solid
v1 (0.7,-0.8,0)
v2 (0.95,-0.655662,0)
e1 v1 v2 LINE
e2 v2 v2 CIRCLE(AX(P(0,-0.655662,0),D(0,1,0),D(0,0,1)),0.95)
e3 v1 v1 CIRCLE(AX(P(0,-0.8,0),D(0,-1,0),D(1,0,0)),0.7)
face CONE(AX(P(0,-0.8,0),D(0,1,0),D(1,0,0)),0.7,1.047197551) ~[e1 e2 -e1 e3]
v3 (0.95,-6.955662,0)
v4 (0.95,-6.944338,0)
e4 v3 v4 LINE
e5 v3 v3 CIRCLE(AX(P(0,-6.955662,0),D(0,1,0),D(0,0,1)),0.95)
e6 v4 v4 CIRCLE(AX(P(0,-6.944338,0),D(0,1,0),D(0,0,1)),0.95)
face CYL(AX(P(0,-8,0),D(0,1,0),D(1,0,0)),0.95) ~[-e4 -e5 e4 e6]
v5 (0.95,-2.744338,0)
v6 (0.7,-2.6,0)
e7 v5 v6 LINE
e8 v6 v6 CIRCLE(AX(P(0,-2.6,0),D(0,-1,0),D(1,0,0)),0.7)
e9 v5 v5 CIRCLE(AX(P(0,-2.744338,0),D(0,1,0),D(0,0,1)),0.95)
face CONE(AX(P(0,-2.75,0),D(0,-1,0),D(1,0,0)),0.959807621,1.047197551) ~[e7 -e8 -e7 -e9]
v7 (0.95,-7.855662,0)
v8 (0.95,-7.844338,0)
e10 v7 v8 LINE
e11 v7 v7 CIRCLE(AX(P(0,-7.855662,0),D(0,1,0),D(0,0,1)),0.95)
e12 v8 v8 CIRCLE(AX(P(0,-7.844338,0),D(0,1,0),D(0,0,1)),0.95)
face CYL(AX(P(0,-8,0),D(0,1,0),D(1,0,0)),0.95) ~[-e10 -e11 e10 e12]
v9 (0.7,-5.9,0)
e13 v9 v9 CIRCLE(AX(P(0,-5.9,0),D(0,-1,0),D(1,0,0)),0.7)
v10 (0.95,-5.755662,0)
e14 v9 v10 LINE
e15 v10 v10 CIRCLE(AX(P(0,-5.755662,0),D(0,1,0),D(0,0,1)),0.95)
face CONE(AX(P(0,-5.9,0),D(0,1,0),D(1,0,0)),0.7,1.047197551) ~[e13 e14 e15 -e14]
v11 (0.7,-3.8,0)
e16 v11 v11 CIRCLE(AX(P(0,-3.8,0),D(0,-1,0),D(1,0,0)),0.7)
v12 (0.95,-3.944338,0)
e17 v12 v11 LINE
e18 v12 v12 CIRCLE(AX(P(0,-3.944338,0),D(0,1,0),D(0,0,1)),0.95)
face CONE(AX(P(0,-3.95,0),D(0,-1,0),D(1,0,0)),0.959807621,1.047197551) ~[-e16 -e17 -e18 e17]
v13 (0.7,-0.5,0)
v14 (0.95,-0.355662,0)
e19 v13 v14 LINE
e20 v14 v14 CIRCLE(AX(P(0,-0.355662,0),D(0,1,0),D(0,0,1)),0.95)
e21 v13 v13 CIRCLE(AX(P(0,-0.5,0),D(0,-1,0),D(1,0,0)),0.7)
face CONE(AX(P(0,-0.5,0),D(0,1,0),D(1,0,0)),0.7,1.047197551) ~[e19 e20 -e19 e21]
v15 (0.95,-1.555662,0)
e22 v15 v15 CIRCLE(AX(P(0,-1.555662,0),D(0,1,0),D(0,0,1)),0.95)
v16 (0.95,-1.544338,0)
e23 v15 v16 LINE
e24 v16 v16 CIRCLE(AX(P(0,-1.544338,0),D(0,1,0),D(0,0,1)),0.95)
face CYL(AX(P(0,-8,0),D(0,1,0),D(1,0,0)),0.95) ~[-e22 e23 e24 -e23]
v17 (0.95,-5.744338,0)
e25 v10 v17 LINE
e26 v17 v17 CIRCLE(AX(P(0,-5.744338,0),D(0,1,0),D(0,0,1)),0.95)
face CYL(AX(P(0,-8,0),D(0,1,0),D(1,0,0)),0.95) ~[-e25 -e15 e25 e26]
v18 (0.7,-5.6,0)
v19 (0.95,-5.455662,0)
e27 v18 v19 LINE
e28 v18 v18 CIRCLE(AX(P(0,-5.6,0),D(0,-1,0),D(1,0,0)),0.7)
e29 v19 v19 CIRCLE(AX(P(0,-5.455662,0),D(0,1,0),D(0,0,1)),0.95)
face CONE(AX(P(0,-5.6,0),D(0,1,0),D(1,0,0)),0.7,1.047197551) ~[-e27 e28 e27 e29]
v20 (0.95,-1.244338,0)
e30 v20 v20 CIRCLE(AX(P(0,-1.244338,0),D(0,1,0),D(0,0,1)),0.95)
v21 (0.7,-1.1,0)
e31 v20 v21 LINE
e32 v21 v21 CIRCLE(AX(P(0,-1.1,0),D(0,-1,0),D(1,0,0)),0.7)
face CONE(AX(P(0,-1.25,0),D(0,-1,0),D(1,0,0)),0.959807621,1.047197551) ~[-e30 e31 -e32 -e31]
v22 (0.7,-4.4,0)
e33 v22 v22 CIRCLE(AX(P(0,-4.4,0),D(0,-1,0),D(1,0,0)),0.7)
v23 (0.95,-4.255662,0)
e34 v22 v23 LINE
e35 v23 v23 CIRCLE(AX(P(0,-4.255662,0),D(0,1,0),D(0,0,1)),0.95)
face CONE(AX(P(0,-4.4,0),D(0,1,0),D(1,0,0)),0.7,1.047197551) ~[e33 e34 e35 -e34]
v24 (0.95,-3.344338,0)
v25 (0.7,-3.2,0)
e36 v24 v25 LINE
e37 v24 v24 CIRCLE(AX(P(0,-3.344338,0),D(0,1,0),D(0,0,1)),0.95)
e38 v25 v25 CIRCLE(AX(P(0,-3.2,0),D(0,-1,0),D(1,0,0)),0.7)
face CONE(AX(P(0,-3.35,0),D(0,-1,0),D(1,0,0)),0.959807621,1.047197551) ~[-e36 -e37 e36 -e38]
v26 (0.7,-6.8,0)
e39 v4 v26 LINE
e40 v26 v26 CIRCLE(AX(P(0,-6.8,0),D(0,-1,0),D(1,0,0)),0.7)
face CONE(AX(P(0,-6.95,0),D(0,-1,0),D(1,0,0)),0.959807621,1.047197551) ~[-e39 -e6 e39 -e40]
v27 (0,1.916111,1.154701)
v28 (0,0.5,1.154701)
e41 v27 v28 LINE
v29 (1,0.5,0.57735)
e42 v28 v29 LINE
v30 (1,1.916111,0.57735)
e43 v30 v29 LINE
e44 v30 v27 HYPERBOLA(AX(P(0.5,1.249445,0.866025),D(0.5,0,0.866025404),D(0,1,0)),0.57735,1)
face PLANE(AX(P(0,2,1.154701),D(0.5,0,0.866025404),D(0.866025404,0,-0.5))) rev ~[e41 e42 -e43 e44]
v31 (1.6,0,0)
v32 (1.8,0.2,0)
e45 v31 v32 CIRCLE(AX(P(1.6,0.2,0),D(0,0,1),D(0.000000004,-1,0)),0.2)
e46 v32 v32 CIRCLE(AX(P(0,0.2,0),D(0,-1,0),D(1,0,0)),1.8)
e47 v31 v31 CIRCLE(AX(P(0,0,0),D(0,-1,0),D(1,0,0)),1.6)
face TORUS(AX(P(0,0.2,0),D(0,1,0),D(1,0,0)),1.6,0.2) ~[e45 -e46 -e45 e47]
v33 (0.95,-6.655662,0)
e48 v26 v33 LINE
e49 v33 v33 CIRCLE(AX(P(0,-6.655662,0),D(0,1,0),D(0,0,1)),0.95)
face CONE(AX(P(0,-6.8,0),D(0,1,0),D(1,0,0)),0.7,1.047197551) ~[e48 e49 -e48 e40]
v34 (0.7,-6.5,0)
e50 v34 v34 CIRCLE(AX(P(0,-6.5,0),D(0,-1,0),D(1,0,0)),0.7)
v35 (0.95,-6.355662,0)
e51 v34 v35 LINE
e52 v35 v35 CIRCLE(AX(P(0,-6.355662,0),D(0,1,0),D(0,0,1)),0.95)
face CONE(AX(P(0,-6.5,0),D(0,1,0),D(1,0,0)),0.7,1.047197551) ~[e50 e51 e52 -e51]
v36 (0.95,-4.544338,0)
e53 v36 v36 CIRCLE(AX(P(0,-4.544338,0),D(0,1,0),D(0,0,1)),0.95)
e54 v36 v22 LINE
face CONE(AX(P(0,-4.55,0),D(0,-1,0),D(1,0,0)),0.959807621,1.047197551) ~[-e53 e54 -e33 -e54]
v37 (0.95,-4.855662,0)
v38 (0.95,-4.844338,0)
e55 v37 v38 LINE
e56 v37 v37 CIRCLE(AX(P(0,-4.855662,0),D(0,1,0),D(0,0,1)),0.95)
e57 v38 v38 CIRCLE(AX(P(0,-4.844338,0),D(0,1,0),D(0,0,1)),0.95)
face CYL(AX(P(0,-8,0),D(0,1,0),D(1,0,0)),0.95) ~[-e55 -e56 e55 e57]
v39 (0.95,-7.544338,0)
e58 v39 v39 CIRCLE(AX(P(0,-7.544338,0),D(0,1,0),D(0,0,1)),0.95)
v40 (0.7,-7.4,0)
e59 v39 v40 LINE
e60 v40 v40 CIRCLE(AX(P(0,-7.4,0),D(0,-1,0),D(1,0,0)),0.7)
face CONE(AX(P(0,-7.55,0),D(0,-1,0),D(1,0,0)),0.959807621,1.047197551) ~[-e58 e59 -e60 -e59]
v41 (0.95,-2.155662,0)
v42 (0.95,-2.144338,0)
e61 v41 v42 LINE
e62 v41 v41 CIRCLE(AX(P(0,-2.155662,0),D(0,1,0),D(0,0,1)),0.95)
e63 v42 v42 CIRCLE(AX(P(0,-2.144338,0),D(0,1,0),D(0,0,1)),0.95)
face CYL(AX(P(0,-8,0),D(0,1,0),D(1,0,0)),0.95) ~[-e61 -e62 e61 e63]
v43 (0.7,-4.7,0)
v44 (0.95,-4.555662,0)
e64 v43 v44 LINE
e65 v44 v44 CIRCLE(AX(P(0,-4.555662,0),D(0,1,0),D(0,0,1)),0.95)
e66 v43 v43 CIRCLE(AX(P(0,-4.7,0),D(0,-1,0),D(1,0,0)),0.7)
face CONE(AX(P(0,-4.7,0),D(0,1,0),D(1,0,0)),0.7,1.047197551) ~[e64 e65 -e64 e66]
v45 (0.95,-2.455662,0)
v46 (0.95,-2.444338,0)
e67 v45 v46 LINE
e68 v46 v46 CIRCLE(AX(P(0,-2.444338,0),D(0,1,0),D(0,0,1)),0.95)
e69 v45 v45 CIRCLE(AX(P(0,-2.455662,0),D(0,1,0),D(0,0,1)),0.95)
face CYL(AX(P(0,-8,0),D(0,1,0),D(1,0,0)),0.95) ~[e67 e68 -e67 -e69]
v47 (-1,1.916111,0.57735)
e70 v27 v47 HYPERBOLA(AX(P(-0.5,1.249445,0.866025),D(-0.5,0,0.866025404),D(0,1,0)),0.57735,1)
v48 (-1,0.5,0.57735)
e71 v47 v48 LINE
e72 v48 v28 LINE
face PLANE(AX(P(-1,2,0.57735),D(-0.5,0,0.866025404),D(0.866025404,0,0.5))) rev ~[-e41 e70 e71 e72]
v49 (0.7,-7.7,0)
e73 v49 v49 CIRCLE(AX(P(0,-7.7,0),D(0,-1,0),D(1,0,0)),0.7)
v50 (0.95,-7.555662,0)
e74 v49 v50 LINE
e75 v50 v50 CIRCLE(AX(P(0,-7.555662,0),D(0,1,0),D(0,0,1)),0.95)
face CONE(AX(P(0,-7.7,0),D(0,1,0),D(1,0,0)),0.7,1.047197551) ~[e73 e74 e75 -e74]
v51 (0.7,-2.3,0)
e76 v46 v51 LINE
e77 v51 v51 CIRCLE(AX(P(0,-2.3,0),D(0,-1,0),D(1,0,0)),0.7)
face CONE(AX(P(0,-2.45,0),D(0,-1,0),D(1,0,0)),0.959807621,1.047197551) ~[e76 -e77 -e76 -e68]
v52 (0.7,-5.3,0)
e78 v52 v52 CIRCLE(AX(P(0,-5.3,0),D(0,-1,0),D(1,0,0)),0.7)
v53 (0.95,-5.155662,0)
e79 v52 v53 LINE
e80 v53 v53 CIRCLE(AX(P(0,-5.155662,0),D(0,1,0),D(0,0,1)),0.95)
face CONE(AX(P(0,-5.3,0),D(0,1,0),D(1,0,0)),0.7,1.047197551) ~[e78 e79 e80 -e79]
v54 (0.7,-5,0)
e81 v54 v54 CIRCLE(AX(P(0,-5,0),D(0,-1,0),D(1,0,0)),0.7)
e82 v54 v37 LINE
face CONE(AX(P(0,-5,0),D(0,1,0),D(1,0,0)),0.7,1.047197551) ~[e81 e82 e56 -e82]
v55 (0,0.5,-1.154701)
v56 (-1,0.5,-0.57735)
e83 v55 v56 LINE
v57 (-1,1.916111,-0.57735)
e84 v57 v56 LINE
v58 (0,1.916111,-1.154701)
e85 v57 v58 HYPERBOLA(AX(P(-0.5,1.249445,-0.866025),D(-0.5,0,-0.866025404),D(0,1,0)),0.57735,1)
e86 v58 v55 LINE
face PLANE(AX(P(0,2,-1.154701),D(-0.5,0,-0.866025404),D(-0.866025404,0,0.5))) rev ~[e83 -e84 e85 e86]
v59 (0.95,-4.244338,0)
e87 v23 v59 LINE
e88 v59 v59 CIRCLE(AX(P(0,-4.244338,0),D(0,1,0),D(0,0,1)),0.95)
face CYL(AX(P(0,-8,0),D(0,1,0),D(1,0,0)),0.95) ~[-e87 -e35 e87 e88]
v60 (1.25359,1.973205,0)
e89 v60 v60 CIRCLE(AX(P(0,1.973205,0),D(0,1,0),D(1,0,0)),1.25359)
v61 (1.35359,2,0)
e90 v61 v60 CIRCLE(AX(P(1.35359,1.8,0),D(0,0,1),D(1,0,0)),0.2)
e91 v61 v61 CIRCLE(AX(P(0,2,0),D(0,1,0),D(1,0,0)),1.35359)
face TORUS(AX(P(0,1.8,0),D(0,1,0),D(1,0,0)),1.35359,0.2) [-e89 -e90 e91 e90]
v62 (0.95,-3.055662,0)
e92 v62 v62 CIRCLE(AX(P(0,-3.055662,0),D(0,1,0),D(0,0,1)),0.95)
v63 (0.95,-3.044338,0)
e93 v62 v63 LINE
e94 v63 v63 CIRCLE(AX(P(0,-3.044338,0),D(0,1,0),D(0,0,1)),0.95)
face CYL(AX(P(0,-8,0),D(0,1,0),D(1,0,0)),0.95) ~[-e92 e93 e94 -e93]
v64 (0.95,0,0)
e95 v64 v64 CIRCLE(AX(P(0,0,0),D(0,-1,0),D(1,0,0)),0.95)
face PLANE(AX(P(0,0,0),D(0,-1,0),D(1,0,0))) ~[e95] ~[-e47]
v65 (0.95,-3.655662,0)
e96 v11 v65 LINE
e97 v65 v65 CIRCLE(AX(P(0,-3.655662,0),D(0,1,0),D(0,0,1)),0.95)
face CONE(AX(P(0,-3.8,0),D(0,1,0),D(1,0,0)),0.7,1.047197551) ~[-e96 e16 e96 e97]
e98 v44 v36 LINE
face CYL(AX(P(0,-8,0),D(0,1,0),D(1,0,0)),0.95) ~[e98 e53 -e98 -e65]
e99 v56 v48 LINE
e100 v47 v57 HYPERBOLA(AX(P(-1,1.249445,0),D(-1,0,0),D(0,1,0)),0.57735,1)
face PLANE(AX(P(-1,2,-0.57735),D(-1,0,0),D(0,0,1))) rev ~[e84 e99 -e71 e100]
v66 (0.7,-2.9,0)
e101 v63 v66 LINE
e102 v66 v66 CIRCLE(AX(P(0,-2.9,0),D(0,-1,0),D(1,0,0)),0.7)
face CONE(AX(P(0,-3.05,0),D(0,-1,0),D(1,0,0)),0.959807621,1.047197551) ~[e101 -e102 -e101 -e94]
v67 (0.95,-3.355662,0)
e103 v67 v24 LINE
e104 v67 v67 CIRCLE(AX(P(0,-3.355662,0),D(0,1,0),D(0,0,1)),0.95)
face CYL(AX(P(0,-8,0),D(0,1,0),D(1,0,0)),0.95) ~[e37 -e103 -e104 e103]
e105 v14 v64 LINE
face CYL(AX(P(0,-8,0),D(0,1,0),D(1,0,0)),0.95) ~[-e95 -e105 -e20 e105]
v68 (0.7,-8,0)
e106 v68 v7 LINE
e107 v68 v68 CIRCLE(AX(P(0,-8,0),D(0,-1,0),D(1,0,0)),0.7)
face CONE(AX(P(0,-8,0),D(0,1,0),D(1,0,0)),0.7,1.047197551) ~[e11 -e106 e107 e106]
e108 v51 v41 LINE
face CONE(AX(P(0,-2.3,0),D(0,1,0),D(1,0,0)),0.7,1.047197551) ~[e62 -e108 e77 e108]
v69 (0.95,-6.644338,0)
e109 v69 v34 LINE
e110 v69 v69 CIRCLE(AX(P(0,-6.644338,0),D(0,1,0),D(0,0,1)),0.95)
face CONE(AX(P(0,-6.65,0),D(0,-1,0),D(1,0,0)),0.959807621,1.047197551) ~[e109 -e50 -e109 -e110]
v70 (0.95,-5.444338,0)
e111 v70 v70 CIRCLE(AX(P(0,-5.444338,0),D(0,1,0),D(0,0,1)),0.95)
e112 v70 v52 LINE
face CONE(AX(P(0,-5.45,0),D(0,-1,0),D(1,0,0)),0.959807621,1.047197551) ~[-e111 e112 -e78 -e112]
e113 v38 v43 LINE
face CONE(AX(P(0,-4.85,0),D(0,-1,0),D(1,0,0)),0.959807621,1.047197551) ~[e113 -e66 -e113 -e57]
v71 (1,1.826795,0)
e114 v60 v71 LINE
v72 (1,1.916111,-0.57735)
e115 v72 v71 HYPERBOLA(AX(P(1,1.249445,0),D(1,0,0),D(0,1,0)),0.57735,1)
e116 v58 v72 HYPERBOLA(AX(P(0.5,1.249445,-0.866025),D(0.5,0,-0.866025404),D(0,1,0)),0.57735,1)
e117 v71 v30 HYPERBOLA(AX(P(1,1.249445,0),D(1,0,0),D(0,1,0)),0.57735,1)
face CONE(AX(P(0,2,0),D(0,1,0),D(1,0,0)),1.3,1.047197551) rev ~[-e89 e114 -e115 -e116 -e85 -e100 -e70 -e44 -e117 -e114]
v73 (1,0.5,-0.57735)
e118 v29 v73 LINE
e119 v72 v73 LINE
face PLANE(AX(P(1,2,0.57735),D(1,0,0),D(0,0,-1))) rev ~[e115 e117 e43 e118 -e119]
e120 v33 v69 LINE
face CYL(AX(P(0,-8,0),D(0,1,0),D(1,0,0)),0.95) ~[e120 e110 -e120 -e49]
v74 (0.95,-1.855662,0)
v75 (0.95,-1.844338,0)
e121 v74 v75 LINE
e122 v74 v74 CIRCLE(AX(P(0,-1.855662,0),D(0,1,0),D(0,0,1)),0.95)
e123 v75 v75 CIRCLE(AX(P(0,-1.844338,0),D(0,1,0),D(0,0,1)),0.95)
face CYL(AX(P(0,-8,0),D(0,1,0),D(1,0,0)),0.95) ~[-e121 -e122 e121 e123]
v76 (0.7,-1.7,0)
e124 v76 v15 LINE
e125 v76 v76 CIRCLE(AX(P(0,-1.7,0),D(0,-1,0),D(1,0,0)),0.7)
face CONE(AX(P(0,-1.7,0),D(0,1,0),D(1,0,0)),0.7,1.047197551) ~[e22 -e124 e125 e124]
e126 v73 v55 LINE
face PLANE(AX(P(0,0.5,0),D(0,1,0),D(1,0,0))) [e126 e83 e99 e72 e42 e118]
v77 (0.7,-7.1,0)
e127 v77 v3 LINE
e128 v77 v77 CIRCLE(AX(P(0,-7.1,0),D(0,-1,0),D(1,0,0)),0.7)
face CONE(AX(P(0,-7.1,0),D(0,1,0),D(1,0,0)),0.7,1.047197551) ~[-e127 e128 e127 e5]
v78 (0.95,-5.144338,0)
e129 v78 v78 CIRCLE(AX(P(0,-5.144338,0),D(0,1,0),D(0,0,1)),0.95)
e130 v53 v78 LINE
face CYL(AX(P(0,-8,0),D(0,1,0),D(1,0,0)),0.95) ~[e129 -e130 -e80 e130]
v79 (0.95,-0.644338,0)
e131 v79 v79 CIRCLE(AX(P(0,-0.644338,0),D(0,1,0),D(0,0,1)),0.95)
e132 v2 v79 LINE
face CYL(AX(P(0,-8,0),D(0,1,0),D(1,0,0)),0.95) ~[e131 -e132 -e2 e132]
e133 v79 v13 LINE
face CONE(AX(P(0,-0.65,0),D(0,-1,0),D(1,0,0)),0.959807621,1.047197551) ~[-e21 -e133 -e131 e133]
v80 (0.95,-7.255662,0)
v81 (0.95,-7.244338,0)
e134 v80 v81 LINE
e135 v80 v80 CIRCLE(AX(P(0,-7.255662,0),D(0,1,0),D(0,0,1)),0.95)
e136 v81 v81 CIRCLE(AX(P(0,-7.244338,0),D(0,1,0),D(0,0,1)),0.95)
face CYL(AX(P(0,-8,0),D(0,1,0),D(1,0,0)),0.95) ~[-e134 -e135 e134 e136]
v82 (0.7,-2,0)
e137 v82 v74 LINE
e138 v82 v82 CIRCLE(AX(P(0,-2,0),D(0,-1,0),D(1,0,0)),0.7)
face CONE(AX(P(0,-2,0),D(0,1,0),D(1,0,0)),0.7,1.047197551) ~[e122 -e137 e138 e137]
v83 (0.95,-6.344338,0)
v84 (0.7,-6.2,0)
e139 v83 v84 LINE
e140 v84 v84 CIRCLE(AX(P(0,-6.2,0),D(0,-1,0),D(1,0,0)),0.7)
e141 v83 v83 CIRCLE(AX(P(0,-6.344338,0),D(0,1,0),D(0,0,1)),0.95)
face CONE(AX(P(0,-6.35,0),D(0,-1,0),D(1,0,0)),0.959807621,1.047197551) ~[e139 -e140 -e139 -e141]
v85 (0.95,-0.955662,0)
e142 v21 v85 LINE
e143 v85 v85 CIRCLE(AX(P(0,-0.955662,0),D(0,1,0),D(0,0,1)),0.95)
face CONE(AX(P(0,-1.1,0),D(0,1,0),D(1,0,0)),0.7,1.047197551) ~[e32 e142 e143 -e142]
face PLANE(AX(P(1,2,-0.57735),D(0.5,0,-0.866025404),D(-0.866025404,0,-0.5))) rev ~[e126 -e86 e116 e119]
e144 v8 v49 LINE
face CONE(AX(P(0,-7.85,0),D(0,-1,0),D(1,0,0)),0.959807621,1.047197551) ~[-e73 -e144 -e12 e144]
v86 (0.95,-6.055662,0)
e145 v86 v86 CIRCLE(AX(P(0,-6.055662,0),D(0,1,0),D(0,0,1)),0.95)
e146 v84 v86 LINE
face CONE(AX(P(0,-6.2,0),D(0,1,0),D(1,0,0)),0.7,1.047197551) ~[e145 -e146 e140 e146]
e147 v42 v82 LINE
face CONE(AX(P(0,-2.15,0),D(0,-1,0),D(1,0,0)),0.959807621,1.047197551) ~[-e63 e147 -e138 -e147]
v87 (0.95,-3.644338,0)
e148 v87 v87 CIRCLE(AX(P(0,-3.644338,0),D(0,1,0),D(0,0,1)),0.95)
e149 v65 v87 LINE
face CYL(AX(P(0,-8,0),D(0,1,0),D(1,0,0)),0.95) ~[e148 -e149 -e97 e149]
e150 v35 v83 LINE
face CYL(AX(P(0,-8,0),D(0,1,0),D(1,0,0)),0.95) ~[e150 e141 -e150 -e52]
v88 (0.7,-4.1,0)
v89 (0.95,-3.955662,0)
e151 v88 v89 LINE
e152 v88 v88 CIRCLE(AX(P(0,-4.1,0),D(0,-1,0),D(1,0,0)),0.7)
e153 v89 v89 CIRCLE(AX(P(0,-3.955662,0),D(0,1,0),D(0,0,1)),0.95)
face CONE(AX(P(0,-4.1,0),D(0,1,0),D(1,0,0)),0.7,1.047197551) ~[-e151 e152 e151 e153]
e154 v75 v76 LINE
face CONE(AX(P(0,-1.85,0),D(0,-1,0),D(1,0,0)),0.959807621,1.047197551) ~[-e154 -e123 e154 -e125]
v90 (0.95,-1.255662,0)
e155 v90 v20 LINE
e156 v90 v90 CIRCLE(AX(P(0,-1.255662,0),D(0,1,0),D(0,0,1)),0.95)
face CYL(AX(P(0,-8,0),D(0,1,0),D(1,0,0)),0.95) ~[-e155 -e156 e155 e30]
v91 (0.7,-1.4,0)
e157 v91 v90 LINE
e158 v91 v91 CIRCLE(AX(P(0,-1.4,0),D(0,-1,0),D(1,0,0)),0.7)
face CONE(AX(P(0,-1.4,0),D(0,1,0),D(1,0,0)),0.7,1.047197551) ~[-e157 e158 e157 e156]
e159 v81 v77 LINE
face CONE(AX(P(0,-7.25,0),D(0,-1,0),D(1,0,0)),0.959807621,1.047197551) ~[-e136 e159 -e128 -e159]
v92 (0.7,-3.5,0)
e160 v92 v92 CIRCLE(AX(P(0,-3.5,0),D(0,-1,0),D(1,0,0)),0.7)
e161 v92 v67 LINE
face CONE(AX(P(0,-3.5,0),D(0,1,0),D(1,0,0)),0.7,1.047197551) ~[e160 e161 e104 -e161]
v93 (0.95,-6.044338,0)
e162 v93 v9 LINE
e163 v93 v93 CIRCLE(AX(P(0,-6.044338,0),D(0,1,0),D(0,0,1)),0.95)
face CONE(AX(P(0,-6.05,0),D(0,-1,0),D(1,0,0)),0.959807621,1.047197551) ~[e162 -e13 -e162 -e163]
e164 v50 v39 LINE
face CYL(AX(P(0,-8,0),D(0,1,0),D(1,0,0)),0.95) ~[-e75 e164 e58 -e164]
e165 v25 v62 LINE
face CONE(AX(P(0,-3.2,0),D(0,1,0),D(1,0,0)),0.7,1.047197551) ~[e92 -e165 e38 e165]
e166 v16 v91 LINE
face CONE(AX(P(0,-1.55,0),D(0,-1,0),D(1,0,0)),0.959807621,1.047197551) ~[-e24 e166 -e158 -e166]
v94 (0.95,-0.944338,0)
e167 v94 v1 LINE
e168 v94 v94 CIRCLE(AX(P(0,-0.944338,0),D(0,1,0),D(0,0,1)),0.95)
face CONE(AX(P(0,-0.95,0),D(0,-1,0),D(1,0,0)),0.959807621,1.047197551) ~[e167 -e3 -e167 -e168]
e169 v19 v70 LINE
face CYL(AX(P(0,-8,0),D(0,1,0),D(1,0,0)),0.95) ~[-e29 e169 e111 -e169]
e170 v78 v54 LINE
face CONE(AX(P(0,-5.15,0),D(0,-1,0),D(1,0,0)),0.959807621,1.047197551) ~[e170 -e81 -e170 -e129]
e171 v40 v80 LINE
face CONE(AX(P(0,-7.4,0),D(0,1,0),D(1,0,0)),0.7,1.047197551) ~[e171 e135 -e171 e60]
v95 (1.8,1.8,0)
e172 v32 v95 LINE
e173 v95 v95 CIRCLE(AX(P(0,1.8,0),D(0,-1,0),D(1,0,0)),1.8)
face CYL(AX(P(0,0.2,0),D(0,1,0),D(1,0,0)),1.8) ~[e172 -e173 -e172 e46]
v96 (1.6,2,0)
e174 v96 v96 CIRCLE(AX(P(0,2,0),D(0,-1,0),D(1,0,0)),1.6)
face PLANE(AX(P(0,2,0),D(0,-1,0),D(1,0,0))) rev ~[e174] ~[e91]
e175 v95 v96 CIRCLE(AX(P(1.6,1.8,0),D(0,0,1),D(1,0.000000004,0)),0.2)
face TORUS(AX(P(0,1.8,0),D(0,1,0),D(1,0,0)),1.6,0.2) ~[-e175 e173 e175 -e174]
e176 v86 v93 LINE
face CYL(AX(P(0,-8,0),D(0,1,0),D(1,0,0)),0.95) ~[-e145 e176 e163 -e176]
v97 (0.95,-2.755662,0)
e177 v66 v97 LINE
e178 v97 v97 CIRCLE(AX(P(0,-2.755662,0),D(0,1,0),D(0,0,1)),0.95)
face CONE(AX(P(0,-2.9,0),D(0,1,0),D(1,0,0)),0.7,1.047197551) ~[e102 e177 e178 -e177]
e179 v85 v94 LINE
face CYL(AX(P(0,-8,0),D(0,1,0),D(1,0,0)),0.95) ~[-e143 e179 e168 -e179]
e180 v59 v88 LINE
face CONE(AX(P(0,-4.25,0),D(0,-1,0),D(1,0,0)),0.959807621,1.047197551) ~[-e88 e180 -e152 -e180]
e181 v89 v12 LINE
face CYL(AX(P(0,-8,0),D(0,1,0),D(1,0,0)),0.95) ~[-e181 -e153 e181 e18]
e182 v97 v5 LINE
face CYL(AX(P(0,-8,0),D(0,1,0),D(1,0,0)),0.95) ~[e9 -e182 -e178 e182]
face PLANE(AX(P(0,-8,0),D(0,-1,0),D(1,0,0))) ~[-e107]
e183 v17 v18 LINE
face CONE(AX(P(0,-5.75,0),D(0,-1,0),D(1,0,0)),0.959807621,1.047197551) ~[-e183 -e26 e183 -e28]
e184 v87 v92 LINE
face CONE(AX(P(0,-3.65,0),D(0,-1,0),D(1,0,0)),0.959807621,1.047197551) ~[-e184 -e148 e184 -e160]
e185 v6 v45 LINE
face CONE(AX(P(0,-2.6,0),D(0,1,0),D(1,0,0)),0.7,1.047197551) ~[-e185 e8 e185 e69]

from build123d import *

# Parameters (mm, degrees)
CUT_EXTRUDE1_DEPTH = 1.5
SKETCH3_R          = 1.3
CUT_EXTRUDE2_DEPTH = 1
CUT_EXTRUDE2_DRAFT = -60
FILLET1_R          = 0.2
LPATTERN1_COUNT    = 26
LPATTERN1_PITCH    = 0.3


with BuildPart() as part:
    # Sketch1 → Revolve1 (revolve)
    with BuildSketch(Plane.XY):
        with BuildLine():
            Line((0, 2), (0, -8))
            Line((0, -8), (0.95, -8))
            Line((0.95, -8), (0.95, 0))
            Line((0.95, 0), (1.6, 0))
            ThreePointArc((1.6, 0), (1.741421356, 0.058578644), (1.8, 0.2))
            Line((1.8, 0.2), (1.8, 1.8))
            ThreePointArc((1.8, 1.8), (1.741421356, 1.941421356), (1.6, 2))
            Line((1.6, 2), (0, 2))
        make_face()
    revolve(axis=Axis((0, 2, 0), (0, -1, 0)))

    # Sketch2 → Cut-Extrude1 (cut)
    with BuildSketch(Plane(origin=(0, 2, 0), x_dir=(1, 0, 0), z_dir=(0, 1, 0))):
        Polygon((1, 0.577350269), (0, 1.154700538), (-1, 0.577350269), (-1, -0.577350269), (0, -1.154700538), (1, -0.577350269), align=None)
    extrude(amount=-CUT_EXTRUDE1_DEPTH, mode=Mode.SUBTRACT)


with BuildPart() as cut_extrude2_tool:
    # Sketch3 → Cut-Extrude2 (with draft: the straight prism first)
    with BuildSketch(Plane(origin=(0, 2, 0), x_dir=(1, 0, 0), z_dir=(0, 1, 0))):
        Circle(SKETCH3_R)
    extrude(amount=-CUT_EXTRUDE2_DEPTH)
    # Cut-Extrude2: the draft: its side faces are tilted about the plane it starts from
    cut_extrude2_sides = [cut_extrude2_tool.faces().sort_by_distance(p)[0] for p in [
        (-1.3, 1.5, 0),
    ]]
    draft(cut_extrude2_sides, Plane(origin=(0, 2, 0), x_dir=(1, 0, 0), z_dir=(0, 1, 0)), CUT_EXTRUDE2_DRAFT)


with BuildPart() as part_1:
    add(part.part)

    # Cut-Extrude2: cut by cut_extrude2_tool
    add(cut_extrude2_tool.part, mode=Mode.SUBTRACT)

    # Fillet1
    fillet1_edges = [part_1.edges().sort_by_distance(p)[0] for p in [
        (-1.3, 2, 0),
    ]]
    fillet(fillet1_edges, radius=FILLET1_R)

    # Sketch4 → Cut-Revolve1 (revolve, cut)
    with BuildSketch(Plane.XY):
        Polygon((1.259807621, -7.85), (1.259807621, -8.15), (0.959807621, -8.15), (0.7, -8), (0.959807621, -7.85), align=None)
    cut_revolve1 = revolve(axis=Axis((0, 0, 0), (0, -1, 0)), mode=Mode.SUBTRACT)

    # LPattern1: Cut-Revolve1 ×26
    with Locations(*[(0, i * LPATTERN1_PITCH, 0) for i in range(1, LPATTERN1_COUNT)]):
        add(cut_revolve1, mode=Mode.SUBTRACT)


solid = part_1.part
